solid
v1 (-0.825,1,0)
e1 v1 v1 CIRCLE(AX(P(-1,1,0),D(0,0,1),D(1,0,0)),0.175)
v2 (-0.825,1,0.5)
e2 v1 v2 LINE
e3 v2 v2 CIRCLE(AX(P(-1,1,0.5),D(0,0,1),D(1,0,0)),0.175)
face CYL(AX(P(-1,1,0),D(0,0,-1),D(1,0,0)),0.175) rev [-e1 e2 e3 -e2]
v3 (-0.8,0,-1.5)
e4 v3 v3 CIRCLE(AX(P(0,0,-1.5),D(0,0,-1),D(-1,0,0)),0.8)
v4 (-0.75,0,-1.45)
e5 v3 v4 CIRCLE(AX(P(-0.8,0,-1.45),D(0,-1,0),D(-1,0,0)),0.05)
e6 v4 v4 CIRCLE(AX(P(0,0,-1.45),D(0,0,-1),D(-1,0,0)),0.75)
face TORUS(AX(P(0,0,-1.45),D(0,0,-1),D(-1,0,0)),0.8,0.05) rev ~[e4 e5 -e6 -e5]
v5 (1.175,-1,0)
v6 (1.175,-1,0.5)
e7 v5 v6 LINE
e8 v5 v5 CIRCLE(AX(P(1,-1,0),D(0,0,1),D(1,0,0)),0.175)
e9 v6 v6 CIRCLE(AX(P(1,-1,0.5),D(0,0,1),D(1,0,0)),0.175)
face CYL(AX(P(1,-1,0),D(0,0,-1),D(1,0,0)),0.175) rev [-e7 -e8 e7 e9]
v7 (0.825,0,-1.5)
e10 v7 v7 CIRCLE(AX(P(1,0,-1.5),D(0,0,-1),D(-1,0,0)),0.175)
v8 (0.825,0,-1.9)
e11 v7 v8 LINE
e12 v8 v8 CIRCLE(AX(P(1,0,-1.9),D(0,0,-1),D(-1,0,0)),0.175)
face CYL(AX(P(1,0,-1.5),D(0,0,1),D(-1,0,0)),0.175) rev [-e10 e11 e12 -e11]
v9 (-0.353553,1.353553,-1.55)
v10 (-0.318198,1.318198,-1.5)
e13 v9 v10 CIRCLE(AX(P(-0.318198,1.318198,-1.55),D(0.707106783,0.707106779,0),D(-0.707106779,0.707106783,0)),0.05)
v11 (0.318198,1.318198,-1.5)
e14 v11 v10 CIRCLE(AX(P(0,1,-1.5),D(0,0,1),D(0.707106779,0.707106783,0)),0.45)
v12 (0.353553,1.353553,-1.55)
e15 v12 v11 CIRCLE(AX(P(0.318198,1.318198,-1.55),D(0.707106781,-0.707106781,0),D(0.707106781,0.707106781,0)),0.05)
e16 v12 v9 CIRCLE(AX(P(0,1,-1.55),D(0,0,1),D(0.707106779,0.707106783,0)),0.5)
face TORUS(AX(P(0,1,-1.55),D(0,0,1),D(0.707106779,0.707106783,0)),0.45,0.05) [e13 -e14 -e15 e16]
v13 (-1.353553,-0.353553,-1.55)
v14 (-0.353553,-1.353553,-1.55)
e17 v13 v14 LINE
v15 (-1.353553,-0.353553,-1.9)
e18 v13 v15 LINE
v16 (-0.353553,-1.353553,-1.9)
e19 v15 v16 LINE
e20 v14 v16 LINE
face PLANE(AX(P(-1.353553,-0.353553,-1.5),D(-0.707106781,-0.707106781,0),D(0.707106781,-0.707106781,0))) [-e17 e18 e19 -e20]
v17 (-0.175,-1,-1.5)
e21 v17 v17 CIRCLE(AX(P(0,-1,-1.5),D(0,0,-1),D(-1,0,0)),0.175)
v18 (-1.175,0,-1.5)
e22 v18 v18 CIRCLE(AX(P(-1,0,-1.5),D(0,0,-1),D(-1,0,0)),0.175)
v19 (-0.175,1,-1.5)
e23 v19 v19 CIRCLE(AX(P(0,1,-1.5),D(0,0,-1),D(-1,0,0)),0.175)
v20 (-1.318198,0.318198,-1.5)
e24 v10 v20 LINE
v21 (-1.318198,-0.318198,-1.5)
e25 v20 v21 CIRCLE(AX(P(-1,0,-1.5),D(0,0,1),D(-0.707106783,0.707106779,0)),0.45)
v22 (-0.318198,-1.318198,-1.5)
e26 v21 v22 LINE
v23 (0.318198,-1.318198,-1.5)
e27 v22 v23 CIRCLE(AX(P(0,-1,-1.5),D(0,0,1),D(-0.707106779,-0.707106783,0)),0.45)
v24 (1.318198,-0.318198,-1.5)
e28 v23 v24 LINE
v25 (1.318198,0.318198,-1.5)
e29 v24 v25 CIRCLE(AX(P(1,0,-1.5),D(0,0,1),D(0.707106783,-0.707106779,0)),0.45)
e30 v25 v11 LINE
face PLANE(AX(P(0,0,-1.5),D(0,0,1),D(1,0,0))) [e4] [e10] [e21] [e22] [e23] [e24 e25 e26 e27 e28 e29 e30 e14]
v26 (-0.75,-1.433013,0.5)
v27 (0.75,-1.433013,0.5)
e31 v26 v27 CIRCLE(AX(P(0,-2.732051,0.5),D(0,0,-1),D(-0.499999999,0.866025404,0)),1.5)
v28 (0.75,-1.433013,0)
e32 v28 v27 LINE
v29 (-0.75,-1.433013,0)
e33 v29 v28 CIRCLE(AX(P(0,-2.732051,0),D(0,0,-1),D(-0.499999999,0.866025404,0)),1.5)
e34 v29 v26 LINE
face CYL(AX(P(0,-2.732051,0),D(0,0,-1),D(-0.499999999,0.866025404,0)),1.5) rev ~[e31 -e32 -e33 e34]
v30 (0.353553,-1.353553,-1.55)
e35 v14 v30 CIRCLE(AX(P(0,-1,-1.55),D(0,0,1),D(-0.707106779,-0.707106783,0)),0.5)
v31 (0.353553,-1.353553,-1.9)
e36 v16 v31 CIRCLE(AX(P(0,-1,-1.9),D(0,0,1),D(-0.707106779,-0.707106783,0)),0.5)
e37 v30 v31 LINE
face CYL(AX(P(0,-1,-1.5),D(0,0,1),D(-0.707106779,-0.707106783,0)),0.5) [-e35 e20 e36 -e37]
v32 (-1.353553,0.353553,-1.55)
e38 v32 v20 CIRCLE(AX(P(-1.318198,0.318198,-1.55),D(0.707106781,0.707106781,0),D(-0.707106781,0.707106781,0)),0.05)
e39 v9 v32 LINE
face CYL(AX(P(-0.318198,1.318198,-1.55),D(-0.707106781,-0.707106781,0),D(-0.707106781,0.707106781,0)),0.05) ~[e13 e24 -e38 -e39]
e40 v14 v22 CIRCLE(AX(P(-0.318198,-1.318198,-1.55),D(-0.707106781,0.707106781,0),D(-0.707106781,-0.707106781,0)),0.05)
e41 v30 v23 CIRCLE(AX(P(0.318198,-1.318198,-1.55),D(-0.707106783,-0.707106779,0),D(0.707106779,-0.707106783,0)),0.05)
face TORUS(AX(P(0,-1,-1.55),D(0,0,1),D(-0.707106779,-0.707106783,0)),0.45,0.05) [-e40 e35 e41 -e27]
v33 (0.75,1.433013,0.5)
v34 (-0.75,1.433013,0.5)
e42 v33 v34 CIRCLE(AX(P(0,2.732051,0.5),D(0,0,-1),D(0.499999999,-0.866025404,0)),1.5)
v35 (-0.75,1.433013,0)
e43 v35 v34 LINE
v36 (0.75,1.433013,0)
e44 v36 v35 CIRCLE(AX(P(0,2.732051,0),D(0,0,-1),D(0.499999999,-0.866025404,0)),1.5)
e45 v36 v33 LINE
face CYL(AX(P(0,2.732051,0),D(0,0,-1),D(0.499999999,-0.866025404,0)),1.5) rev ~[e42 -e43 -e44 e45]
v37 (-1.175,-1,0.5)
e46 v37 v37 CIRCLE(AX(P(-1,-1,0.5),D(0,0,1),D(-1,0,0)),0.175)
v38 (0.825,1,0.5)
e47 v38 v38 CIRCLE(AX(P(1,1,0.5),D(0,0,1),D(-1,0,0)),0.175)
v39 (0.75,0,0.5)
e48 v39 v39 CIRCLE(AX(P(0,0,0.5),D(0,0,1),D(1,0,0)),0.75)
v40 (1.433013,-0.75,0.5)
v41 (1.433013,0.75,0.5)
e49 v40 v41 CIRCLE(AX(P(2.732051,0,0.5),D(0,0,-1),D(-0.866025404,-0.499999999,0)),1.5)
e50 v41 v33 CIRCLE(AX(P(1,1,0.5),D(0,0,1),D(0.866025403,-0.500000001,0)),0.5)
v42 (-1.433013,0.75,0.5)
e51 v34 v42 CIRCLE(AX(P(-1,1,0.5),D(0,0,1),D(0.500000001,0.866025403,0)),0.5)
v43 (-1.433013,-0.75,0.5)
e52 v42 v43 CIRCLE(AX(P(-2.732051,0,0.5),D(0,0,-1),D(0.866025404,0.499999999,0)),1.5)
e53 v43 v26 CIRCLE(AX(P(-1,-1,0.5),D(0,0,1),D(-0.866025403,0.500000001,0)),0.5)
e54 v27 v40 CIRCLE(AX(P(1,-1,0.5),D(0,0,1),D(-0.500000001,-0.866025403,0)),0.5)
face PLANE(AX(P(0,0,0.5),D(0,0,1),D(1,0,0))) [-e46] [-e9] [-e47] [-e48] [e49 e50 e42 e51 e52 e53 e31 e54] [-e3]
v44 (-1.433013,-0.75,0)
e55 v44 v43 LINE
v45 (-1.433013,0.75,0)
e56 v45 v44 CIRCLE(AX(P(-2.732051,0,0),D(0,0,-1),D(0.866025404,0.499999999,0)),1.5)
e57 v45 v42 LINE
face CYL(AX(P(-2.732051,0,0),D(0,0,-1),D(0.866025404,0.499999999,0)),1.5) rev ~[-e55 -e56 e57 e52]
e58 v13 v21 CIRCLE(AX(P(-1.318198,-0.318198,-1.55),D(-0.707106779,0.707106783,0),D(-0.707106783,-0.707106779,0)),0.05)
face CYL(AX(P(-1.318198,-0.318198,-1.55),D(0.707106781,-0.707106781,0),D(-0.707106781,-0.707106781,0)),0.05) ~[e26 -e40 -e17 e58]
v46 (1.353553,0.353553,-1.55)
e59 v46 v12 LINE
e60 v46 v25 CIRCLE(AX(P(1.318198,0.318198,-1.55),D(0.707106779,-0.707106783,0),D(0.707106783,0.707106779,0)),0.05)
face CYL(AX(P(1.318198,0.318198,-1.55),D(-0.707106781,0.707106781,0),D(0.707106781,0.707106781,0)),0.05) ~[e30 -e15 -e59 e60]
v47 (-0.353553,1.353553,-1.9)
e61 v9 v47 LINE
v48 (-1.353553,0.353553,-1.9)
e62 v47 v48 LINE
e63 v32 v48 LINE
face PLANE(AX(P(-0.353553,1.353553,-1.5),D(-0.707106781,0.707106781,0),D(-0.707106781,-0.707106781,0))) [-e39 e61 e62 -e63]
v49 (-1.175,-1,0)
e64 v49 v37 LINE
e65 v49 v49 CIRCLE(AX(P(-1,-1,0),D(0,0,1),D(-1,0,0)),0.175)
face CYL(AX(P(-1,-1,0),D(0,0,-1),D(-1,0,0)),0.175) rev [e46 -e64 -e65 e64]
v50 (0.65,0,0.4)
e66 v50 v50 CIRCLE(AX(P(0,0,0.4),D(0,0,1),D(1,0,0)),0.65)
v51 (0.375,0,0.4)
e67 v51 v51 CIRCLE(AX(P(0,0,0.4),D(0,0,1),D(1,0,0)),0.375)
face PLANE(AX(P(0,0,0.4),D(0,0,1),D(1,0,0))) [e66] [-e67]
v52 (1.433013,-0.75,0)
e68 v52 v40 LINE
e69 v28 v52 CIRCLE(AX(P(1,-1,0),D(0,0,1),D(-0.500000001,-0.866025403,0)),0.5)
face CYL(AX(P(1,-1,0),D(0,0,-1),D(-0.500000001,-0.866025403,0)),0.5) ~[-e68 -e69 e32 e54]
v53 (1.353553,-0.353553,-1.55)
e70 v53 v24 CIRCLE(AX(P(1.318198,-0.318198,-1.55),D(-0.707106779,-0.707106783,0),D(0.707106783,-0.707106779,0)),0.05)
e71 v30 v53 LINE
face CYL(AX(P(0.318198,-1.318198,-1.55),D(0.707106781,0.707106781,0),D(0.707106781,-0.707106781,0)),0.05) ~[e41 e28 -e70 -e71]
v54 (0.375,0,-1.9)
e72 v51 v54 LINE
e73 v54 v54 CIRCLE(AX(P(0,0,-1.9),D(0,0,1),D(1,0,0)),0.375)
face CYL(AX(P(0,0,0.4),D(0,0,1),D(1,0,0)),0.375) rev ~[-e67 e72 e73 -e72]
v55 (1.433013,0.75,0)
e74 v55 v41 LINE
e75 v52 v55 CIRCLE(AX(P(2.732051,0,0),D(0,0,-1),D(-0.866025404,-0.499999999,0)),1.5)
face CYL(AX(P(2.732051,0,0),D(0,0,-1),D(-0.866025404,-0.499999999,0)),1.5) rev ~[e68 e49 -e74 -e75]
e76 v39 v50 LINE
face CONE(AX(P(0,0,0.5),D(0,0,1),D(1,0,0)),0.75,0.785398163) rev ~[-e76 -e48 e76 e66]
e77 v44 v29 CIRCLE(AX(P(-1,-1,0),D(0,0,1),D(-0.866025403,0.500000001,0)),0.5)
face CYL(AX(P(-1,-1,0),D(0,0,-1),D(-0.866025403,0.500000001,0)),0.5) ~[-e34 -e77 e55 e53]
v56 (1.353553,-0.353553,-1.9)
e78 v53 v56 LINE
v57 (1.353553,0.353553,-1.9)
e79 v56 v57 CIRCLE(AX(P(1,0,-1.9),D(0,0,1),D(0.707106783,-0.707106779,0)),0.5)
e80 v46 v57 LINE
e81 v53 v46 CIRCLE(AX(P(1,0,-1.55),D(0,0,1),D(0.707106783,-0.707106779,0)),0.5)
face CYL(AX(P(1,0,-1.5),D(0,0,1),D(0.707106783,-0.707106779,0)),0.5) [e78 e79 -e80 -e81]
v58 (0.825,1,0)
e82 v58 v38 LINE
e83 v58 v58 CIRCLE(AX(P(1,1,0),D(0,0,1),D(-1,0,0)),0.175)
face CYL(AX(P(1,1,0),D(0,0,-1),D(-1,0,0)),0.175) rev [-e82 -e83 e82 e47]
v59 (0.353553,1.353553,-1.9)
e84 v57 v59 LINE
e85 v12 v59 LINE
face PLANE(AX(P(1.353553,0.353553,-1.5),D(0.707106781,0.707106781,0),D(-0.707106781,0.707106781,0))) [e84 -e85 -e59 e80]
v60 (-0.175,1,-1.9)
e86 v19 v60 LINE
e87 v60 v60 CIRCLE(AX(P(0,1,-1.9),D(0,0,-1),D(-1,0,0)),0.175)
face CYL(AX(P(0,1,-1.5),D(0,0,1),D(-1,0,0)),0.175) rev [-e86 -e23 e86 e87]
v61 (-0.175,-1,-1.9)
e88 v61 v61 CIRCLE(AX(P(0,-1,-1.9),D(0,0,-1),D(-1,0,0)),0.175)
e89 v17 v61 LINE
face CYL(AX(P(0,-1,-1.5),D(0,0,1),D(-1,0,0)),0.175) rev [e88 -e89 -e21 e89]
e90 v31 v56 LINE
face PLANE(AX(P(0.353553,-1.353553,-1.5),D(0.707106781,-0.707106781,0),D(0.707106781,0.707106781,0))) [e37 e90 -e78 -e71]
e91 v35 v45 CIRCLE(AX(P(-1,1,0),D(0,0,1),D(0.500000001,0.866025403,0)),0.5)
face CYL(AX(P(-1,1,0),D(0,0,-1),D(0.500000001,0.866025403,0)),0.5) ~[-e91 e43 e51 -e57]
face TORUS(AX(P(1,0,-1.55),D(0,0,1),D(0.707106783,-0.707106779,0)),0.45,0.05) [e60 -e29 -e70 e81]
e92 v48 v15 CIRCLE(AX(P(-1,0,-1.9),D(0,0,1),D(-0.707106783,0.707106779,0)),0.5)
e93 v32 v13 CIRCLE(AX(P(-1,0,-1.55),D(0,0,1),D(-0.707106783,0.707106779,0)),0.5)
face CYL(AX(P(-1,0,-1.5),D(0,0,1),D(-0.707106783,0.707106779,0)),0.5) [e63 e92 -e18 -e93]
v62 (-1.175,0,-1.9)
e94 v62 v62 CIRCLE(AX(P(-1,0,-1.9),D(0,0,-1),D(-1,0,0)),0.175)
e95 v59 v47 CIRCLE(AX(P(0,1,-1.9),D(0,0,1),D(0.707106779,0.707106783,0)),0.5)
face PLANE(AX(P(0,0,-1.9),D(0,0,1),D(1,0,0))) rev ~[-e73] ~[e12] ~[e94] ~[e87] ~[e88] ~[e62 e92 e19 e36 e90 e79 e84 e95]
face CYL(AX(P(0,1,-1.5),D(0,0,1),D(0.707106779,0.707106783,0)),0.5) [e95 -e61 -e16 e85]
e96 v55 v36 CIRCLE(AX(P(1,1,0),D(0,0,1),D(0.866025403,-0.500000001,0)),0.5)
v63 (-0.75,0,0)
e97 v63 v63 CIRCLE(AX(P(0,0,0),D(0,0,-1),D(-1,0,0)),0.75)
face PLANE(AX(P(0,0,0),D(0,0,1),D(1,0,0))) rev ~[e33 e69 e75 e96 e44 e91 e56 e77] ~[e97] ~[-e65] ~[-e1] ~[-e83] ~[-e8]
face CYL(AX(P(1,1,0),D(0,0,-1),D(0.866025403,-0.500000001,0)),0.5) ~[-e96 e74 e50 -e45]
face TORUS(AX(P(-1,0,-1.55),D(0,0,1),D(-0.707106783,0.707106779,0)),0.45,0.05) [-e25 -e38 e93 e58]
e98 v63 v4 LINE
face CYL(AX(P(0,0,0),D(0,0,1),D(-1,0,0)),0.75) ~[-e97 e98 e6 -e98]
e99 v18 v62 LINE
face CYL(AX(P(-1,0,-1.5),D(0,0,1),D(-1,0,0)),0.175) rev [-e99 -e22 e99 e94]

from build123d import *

# Parameters (mm, degrees)
SKETCH1_R           = 0.175
BOSS_EXTRUDE1_DEPTH = 0.5
SKETCH2_R           = 0.75
CUT_EXTRUDE1_DEPTH  = 0.1
CUT_EXTRUDE1_DRAFT  = -45
SKETCH3_R           = 0.75
BOSS_EXTRUDE2_DEPTH = 1.5
SKETCH4_R           = 0.175
BOSS_EXTRUDE3_DEPTH = 0.4
SKETCH5_R           = 0.375
CUT_EXTRUDE2_DEPTH  = 4.128897569
FILLET1_R           = 0.05


with BuildPart() as part:
    # Sketch1 → Boss-Extrude1 (new body)
    with BuildSketch(Plane.XY):
        with BuildLine():
            ThreePointArc((0.75, 1.433012702), (0, 1.232050808), (-0.75, 1.433012702))
            ThreePointArc((-0.75, 1.433012702), (-1.353553391, 1.353553391), (-1.433012702, 0.75))
            ThreePointArc((-1.433012702, 0.75), (-1.232050808, 0), (-1.433012702, -0.75))
            ThreePointArc((-1.433012702, -0.75), (-1.353553391, -1.353553391), (-0.75, -1.433012702))
            ThreePointArc((-0.75, -1.433012702), (0, -1.232050808), (0.75, -1.433012702))
            ThreePointArc((0.75, -1.433012702), (1.353553391, -1.353553391), (1.433012702, -0.75))
            ThreePointArc((1.433012702, -0.75), (1.232050808, 0), (1.433012702, 0.75))
            ThreePointArc((1.433012702, 0.75), (1.353553391, 1.353553391), (0.75, 1.433012702))
        make_face()
        with Locations((-1, 1)):
            Circle(SKETCH1_R, mode=Mode.SUBTRACT)
        with Locations(Location((1, 1, 0), (0, 0, 180))):
            Circle(SKETCH1_R, mode=Mode.SUBTRACT)
        with Locations(Location((-1, -1, 0), (0, 0, 180))):
            Circle(SKETCH1_R, mode=Mode.SUBTRACT)
        with Locations((1, -1)):
            Circle(SKETCH1_R, mode=Mode.SUBTRACT)
    extrude(amount=BOSS_EXTRUDE1_DEPTH)


with BuildPart() as cut_extrude1_tool:
    # Sketch2 → Cut-Extrude1 (with draft: the straight prism first)
    with BuildSketch(Plane.XY.offset(0.5)):
        Circle(SKETCH2_R)
    extrude(amount=-CUT_EXTRUDE1_DEPTH)
    # Cut-Extrude1: the draft: its side faces are tilted about the plane it starts from
    cut_extrude1_sides = [cut_extrude1_tool.faces().sort_by_distance(p)[0] for p in [
        (-0.75, 0, 0.45),
    ]]
    draft(cut_extrude1_sides, Plane.XY.offset(0.5), CUT_EXTRUDE1_DRAFT)


with BuildPart() as part_1:
    add(part.part)

    # Cut-Extrude1: cut by cut_extrude1_tool
    add(cut_extrude1_tool.part, mode=Mode.SUBTRACT)

    # Sketch3 → Boss-Extrude2 (add)
    with BuildSketch(Plane(origin=(0, 0, 0), x_dir=(-1, 0, 0), z_dir=(0, 0, -1))):
        Circle(SKETCH3_R)
    extrude(amount=BOSS_EXTRUDE2_DEPTH)

    # Sketch4 → Boss-Extrude3 (add)
    with BuildSketch(Plane(origin=(0, 0, -1.5), x_dir=(-1, 0, 0), z_dir=(0, 0, -1))):
        with BuildLine():
            Line((-0.353553391, -1.353553391), (-1.353553391, -0.353553391))
            ThreePointArc((-1.353553391, -0.353553391), (-1.5, 0), (-1.353553391, 0.353553391))
            Line((-1.353553391, 0.353553391), (-0.353553391, 1.353553391))
            ThreePointArc((-0.353553391, 1.353553391), (0, 1.5), (0.353553391, 1.353553391))
            Line((0.353553391, 1.353553391), (1.353553391, 0.353553391))
            ThreePointArc((1.353553391, 0.353553391), (1.5, 0), (1.353553391, -0.353553391))
            Line((1.353553391, -0.353553391), (0.353553391, -1.353553391))
            ThreePointArc((0.353553391, -1.353553391), (0, -1.5), (-0.353553391, -1.353553391))
        make_face()
        with Locations((-1, 0)):
            Circle(SKETCH4_R, mode=Mode.SUBTRACT)
        with Locations((0, 1)):
            Circle(SKETCH4_R, mode=Mode.SUBTRACT)
        with Locations((1, 0)):
            Circle(SKETCH4_R, mode=Mode.SUBTRACT)
        with Locations((0, -1)):
            Circle(SKETCH4_R, mode=Mode.SUBTRACT)
    extrude(amount=BOSS_EXTRUDE3_DEPTH)

    # Sketch5 → Cut-Extrude2 (cut, through all)
    with BuildSketch(Plane.XY.offset(0.4)):
        Circle(SKETCH5_R)
    extrude(amount=-CUT_EXTRUDE2_DEPTH, mode=Mode.SUBTRACT)

    # Fillet1
    fillet1_edges = [part_1.edges().sort_by_distance(p)[0] for p in [
        (0.75, 0, -1.5),
        (1.5, 0, -1.5),
        (0.853553391, -0.853553391, -1.5),
        (0, -1.5, -1.5),
        (-0.853553391, -0.853553391, -1.5),
        (-1.5, 0, -1.5),
        (-0.853553391, 0.853553391, -1.5),
        (0, 1.5, -1.5),
        (0.853553391, 0.853553391, -1.5),
    ]]
    fillet(fillet1_edges, radius=FILLET1_R)


solid = part_1.part
